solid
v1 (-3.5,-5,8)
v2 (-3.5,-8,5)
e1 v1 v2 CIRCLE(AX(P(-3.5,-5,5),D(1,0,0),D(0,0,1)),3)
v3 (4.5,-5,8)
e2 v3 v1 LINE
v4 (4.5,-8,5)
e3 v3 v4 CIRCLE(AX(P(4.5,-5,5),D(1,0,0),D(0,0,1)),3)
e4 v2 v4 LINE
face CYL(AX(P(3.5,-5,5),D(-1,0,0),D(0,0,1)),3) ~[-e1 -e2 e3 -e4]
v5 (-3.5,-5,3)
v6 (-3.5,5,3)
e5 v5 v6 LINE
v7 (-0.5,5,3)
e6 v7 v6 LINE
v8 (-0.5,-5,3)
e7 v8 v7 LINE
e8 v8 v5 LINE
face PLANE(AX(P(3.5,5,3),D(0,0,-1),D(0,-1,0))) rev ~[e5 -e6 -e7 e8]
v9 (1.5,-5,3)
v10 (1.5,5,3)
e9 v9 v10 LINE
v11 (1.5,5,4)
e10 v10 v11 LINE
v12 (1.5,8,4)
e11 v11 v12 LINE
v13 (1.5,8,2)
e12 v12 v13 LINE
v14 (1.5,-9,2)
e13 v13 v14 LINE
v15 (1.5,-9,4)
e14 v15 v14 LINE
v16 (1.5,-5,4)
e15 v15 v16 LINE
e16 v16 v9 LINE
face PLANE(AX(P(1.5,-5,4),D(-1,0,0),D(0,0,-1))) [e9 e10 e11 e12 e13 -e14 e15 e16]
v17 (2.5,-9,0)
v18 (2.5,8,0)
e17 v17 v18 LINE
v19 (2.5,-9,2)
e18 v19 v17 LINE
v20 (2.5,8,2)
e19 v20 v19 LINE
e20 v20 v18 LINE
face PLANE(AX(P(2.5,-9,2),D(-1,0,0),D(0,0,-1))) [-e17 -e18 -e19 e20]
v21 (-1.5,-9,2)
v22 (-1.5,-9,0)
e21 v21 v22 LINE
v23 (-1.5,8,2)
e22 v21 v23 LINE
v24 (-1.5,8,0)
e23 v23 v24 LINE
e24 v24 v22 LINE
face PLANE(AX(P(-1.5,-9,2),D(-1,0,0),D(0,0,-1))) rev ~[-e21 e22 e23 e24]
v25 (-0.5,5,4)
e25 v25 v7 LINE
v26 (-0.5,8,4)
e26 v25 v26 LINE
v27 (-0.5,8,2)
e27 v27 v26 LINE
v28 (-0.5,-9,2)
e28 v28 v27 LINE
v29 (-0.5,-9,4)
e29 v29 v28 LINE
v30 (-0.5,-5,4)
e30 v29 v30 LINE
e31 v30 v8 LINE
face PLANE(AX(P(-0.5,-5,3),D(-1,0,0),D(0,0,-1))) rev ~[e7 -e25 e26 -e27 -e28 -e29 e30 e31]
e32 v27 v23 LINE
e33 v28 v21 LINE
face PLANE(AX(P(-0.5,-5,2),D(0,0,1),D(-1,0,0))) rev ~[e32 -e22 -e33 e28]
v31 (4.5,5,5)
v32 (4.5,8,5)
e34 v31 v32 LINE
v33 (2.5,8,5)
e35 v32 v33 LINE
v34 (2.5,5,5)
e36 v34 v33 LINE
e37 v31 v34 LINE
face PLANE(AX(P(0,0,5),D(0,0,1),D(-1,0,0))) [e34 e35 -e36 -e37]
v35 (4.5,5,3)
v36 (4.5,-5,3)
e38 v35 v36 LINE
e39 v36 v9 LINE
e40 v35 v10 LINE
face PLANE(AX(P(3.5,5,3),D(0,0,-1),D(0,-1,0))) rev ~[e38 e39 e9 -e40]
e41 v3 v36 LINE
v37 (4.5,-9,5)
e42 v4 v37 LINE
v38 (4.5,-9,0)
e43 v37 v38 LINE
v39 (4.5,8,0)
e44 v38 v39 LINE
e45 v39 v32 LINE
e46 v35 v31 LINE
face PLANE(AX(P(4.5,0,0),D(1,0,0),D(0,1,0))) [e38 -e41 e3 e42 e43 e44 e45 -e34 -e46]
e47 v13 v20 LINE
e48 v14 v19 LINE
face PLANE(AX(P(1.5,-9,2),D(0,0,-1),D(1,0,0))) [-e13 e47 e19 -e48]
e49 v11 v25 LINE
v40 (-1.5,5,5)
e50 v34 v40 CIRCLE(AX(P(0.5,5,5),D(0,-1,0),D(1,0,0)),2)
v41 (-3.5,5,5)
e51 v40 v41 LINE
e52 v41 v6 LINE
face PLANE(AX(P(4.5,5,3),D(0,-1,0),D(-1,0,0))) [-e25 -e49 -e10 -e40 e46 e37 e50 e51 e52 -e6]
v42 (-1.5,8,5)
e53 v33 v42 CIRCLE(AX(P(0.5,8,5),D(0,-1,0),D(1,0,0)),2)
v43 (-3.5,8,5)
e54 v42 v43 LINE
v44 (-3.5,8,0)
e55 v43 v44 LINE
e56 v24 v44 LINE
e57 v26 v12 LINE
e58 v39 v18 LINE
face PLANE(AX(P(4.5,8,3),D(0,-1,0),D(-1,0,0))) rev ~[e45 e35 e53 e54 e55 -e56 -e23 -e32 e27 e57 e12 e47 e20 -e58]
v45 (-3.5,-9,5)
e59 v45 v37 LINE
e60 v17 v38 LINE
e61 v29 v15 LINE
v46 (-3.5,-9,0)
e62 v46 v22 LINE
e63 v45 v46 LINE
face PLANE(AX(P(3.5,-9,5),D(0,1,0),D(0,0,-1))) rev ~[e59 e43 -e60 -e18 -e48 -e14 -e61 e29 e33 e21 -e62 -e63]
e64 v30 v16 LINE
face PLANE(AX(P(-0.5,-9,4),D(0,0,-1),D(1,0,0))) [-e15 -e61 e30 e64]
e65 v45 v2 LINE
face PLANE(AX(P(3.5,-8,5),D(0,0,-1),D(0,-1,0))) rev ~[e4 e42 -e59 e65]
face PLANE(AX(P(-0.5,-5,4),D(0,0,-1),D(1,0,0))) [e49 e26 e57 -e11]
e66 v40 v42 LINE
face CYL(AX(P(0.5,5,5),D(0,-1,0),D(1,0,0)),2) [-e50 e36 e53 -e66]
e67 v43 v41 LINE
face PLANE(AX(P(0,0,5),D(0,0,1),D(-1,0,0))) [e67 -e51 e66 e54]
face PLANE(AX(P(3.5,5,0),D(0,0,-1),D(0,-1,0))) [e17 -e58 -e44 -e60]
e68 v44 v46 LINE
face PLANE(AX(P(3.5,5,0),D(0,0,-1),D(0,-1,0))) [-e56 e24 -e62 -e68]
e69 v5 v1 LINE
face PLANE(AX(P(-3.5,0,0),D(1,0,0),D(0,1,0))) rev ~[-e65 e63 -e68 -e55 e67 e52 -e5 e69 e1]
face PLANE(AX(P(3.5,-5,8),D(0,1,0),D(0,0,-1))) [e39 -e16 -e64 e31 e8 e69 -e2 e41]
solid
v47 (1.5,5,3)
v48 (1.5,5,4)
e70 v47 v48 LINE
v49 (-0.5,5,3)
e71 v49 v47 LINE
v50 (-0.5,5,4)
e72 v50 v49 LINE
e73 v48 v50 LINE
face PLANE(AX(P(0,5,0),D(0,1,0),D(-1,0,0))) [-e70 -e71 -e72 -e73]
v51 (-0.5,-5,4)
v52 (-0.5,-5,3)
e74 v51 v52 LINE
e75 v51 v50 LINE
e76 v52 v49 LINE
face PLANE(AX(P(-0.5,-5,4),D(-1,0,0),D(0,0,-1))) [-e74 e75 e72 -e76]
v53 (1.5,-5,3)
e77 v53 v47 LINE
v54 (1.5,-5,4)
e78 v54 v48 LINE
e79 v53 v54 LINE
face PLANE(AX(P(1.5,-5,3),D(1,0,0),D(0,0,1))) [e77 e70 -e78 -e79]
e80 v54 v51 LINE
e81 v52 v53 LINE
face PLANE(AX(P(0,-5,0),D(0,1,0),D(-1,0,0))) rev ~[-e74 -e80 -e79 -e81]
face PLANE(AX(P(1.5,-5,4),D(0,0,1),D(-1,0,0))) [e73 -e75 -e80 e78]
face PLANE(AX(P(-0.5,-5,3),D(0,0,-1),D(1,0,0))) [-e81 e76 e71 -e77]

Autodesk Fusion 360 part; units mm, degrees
sketch "Sketch1" plane through (0, 0, 0) normal (0, 0, 1) x (1, 0, 0)
  line L0 (3.5, -5) -> (-3.5, -5)
  line L1 (-3.5, -5) -> (-3.5, 5)
  line L2 (-3.5, 5) -> (3.5, 5)
  line L3 (3.5, 5) -> (3.5, -5)
  dimension "d1" = 7
  dimension "d2" = 10
extrude "Extrude1" add sketch "Sketch1" along normal blind 3 makes body 1
sketch "Sketch2" plane through (0, 0, 3) normal (0, 0, 1) x (-1, 0, 0)
  line L0 (-3.5, -5) -> (3.5, -5)
  line L1 (3.5, -5) -> (3.5, 5)
  line L2 (3.5, 5) -> (-3.5, 5)
  line L3 (-3.5, 5) -> (-3.5, -5)
  line L4 (3.5, 5) -> (-3.5, 5)
  line L5 (-3.5, 5) -> (-3.5, 9)
  line L6 (-3.5, 9) -> (3.5, 9)
  line L7 (3.5, 9) -> (3.5, 5)
  dimension "d5" = 7
  dimension "d6" = 4
extrude "Extrude2" add sketch "Sketch2" along normal blind 2 and the other way blind 3 contours L2 L4 L5 L6 L7 bodies 1
sketch "Sketch4" plane through (3.5, 0, 0) normal (1, 0, 0) x (0, 1, 0)
  line L0 (-9, 0) -> (5, 0)
  line L1 (5, 0) -> (5, 3)
  line L2 (5, 3) -> (-5, 3)
  line L3 (-5, 3) -> (-5, 5)
  line L4 (-5, 5) -> (-9, 5)
  line L5 (-9, 5) -> (-9, 0)
  line L6 (-5, 5) -> (-5, 8)
  arc A0 (-9, 0.8769) -> (-4.2583, 3) centre (-8, 5) ccw
  arc A1 (-5, 8) -> (-8, 5) centre (-5, 5) ccw
  arc A2 (-5, 2) -> (-2.7639, 3) centre (-5, 5) ccw
  dimension "d11" = 3
  dimension "d12" = 6
extrude "Extrude3" add sketch "Sketch4" against normal blind 7 contours L4 L6 A1 bodies 1
extrude "Extrude4" add 1 faces at (3.5, -3, 1) along direction (1, 0, 0) blind 1 on bodies 1 bodies 1
sketch "Sketch6" plane through (0, -9, 0) normal (0, -1, 0) x (1, 0, 0)
  line L0 (4.5, 5) -> (-3.5, 5)
  line L1 (-3.5, 5) -> (-3.5, 0)
  line L2 (-3.5, 0) -> (4.5, 0)
  line L3 (4.5, 0) -> (4.5, 5)
  line L4 (0.5, 5) -> (0.5, 4) construction
  line L5 (-3.5, 4) -> (-0.5, 4) construction
  line L6 (-0.5, 4) -> (1.5, 4)
  line L7 (1.5, 4) -> (1.5, 2)
  line L8 (-0.5, 4) -> (-0.5, 2)
  line L9 (-0.5, 2) -> (-1.5, 2)
  line L10 (-1.5, 2) -> (-1.5, 0)
  line L11 (1.5, 2) -> (2.5, 2)
  line L12 (2.5, 2) -> (2.5, 0)
extrude "Extrude5" cut sketch "Sketch6" against normal blind 4 contours L2 L6 L7 L8 L9 L10 L11 L12 bodies 1
sketch "Sketch7" plane through (0, 0, 3) normal (0, 0, 1) x (-1, 0, 0)
  line L0 (-4.5, -5) -> (3.5, -5)
  line L1 (3.5, -5) -> (3.5, 5)
  line L2 (3.5, 5) -> (0.5, 5)
  line L3 (0.5, 5) -> (-1.5, 5)
  line L4 (-1.5, 5) -> (-4.5, 5)
  line L5 (-4.5, 5) -> (-4.5, -5)
  line L6 (-4.5, -5) -> (-4.5, -8)
  line L7 (-4.5, -8) -> (3.5, -8)
  line L8 (3.5, -8) -> (3.5, -5)
  dimension "d22" = 8
extrude "Extrude6" add sketch "Sketch7" along normal blind 2 and the other way blind 3 contours L0 L6 L7 L8 bodies 1
sketch "Sketch8" plane through (0, 5, 0) normal (0, -1, 0) x (1, 0, 0)
  line L0 (-3.5, 3) -> (4.5, 3)
  line L1 (4.5, 3) -> (4.5, 5)
  line L2 (4.5, 5) -> (-3.5, 5)
  line L3 (-3.5, 5) -> (-3.5, 3)
  arc A0 (2.5, 5) -> (-1.5, 5) centre (0.5, 5) ccw
  dimension "d27" = 4
extrude "Extrude7" add sketch "Sketch8" against normal blind 3 contours L2 A0 bodies 1
sketch "Sketch9" plane through (0, -5, 0) normal (0, 1, 0) x (-1, 0, 0)
  line L0 (0.5, 4) -> (0.5, 3)
  line L1 (0.5, 3) -> (3.5, 3)
  line L2 (3.5, 3) -> (3.5, 8)
  line L3 (3.5, 8) -> (-4.5, 8)
  line L4 (-4.5, 8) -> (-4.5, 3)
  line L5 (-4.5, 3) -> (-1.5, 3)
  line L6 (-1.5, 3) -> (-1.5, 4)
  line L7 (-1.5, 4) -> (0.5, 4)
  line L8 (-1.5, 4) -> (-1.5, 3)
  line L9 (-1.5, 3) -> (0.5, 3)
  line L10 (0.5, 3) -> (0.5, 4)
  line L11 (0.5, 4) -> (-1.5, 4)
extrude "Extrude8" add sketch "Sketch9" along normal blind 10 contours L0 L6 L7 L8 L9 L10 L11 bodies 1
extrude "Extrude9" cut 1 faces at (0.8333, -5, 0.6667) along direction (0, 1, 0) blind 14 on bodies 1 bodies 1
sketch "Sketch10" plane through (0, -5, 0) normal (0, 1, 0) x (-1, 0, 0)
  line L0 (0.5, 4) -> (0.5, 3)
  line L1 (0.5, 3) -> (3.5, 3)
  line L2 (3.5, 3) -> (3.5, 8)
  line L3 (3.5, 8) -> (-4.5, 8)
  line L4 (-4.5, 8) -> (-4.5, 3)
  line L5 (-4.5, 3) -> (-1.5, 3)
  line L6 (-1.5, 3) -> (-1.5, 4)
  line L7 (-1.5, 4) -> (0.5, 4)
  line L8 (-1.5, 4) -> (0.5, 4)
  line L9 (0.5, 3) -> (-1.5, 3)
extrude "Extrude10" add sketch "Sketch10" along normal blind 10 separate body contours L0 L6 L7 L8 L9 makes body 2
